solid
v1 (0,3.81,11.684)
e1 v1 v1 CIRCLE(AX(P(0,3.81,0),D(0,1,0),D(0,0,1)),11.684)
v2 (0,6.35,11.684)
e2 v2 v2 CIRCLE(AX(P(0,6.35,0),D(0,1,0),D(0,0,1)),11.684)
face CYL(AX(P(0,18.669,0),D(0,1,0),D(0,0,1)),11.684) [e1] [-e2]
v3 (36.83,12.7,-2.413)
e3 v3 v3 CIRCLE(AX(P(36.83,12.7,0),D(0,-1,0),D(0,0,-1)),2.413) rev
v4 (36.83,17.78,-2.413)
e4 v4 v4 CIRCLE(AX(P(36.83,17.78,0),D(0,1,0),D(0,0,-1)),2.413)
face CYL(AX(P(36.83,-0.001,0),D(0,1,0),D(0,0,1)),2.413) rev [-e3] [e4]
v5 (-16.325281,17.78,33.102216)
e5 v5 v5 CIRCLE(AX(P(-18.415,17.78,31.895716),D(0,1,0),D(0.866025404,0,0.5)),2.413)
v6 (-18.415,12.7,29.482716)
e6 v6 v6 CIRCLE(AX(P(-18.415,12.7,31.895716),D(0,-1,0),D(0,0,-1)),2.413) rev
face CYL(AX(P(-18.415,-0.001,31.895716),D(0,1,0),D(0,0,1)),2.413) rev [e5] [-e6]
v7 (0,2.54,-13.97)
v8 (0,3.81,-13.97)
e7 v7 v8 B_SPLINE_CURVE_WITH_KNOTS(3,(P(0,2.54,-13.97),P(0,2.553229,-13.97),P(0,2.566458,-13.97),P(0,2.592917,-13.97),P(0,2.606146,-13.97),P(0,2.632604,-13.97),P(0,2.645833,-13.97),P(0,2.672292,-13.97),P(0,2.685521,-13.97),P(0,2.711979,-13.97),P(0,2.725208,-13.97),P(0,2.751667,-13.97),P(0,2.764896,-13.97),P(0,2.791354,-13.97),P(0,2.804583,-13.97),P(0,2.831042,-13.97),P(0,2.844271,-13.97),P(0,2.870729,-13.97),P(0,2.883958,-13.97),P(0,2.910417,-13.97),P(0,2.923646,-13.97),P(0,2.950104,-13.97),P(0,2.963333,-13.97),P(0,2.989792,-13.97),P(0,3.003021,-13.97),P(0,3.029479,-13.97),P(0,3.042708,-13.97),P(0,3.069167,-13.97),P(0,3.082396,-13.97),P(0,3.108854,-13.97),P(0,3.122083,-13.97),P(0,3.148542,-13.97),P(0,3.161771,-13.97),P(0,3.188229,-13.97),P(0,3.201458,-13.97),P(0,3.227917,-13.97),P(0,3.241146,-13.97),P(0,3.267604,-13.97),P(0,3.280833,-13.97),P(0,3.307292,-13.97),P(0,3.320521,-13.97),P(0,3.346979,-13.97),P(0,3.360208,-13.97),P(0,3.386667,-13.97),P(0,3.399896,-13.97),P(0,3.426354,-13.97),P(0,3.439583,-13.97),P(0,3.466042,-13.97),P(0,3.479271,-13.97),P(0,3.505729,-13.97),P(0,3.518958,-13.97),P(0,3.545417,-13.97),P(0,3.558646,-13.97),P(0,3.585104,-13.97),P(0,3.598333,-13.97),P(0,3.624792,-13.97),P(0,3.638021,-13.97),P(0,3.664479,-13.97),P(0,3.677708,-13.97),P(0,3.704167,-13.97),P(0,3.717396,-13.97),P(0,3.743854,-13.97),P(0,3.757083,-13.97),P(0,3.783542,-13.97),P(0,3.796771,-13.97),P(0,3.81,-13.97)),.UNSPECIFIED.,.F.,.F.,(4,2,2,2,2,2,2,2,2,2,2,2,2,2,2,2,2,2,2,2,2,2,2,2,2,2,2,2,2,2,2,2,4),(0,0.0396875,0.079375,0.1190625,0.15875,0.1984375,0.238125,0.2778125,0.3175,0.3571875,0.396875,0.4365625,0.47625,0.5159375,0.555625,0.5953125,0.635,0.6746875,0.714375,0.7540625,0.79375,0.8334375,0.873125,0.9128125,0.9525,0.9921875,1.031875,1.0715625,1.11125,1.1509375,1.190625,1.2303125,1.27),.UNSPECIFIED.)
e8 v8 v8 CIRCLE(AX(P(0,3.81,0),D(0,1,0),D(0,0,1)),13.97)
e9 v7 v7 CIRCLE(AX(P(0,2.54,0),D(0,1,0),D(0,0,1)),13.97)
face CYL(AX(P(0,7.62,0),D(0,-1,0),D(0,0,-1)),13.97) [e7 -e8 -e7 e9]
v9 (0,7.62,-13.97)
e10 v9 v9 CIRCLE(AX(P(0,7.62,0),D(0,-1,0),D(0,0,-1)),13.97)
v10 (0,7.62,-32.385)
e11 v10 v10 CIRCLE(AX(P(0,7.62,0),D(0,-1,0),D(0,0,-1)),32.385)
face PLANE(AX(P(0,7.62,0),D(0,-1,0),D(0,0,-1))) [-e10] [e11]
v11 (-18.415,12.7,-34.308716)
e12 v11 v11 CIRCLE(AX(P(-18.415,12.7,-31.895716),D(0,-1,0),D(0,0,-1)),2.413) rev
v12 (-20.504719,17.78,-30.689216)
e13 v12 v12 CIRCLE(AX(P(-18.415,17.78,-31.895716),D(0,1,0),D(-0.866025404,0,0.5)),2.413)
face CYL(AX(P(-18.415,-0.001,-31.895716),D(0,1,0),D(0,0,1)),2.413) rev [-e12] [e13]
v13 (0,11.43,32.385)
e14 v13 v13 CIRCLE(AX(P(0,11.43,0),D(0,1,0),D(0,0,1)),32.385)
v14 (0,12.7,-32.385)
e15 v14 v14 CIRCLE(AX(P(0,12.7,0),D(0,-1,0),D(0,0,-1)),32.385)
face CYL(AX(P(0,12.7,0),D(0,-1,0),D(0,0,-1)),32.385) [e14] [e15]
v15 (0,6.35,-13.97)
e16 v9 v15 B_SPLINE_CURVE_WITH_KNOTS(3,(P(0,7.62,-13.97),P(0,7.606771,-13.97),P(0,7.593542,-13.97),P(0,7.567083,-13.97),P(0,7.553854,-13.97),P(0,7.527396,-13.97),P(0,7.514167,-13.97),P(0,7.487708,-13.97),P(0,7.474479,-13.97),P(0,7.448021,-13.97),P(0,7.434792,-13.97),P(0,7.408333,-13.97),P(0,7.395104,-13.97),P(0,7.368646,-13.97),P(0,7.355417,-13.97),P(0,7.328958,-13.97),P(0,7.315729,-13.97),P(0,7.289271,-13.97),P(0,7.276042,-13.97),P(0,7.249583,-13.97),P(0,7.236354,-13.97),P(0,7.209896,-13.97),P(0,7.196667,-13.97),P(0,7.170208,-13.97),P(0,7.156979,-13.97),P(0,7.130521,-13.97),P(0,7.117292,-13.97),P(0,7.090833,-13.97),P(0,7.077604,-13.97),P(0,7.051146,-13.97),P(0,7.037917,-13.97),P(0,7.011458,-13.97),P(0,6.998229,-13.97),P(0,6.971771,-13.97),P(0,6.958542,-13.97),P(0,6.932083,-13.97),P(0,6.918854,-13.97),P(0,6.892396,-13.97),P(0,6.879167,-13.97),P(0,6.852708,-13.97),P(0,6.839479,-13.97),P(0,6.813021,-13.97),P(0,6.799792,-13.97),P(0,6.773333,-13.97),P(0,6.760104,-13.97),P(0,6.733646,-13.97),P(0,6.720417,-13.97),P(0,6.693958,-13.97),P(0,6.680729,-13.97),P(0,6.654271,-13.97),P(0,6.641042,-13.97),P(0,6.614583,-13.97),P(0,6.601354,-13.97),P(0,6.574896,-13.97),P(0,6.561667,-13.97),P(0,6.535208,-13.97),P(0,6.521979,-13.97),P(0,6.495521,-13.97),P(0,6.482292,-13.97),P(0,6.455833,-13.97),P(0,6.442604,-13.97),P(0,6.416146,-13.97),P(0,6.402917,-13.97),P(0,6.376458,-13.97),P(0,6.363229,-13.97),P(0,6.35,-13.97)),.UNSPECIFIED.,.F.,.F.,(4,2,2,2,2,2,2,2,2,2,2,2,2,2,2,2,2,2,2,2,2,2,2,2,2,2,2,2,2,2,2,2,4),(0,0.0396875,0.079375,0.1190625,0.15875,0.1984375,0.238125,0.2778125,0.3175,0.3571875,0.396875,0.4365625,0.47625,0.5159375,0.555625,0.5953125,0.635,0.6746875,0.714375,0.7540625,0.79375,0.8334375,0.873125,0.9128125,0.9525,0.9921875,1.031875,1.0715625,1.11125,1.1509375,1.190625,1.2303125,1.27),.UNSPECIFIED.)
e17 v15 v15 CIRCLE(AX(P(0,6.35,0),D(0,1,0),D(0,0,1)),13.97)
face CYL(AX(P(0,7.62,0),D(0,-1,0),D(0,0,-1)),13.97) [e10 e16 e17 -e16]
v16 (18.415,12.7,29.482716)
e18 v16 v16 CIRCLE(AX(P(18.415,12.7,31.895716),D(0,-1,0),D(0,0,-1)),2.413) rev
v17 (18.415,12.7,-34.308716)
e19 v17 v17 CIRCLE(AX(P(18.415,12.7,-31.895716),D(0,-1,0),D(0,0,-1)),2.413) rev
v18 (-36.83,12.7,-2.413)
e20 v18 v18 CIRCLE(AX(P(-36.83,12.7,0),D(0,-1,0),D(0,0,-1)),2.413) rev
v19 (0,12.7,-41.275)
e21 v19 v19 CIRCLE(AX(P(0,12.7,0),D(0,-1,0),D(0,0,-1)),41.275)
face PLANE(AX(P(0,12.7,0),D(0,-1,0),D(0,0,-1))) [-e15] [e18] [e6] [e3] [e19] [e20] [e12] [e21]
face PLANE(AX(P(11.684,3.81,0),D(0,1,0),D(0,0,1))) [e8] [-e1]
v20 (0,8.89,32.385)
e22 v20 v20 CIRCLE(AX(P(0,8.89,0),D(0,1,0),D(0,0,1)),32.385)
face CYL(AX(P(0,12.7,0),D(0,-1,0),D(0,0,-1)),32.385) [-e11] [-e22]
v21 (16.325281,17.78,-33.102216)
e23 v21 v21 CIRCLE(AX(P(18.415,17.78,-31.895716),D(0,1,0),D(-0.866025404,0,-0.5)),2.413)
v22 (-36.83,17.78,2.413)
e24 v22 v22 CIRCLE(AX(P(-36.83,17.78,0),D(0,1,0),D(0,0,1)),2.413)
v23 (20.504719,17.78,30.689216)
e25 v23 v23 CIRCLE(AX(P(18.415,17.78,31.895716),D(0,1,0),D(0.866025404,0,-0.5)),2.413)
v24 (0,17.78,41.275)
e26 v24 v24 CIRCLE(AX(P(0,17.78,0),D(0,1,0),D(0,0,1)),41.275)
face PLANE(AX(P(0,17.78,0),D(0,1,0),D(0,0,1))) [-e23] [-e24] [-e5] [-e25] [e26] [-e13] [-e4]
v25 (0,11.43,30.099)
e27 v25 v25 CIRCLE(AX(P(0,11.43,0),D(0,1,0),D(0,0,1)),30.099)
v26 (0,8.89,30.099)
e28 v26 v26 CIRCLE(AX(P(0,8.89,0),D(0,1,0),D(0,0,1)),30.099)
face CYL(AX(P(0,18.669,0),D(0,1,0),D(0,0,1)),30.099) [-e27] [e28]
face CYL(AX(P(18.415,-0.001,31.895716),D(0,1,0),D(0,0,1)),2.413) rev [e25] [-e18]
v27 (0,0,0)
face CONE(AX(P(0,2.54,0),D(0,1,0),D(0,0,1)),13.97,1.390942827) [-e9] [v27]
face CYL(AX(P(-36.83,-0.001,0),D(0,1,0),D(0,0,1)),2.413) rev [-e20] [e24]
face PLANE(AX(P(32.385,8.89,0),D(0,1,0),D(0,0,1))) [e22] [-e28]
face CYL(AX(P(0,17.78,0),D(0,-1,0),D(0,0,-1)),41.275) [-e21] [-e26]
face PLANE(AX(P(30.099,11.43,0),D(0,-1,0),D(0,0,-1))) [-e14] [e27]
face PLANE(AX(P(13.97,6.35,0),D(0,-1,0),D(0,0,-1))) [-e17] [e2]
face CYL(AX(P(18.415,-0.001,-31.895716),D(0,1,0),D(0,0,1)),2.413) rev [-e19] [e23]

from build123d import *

# Parameters (mm, degrees)
SKETCH1_R            = 41.275
BODY_DEPTH           = 17.78
SKETCH2_R            = 41.275
SKETCH2_R_2          = 32.385
BOTTOM_INITIAL_DEPTH = 12.7
SKETCH3_R            = 32.385
SKETCH3_R_2          = 13.97
BOTTOM_STEM_DEPTH    = 7.62
SKETCH4_W            = 2.286
SKETCH4_H            = 2.54
SKETCH5_W            = 2.286
SKETCH5_H            = 2.54
CHAMFER1_SIZE        = 2.54
CHAMFER1_SIZE2       = 13.97
CUT_EXTRUDE3_REACH   = 63.02
SKETCH9_R            = 2.413
CIRPATTERN1_COUNT    = 6


with BuildPart() as part:
    # Sketch1 → Body (new body)
    with BuildSketch(Plane(origin=(0, 0, 0), x_dir=(1, 0, 0), z_dir=(0, 1, 0))):
        with Locations(Location((0, 0, 0), (0, 0, 270))):
            Circle(SKETCH1_R)
    extrude(amount=BODY_DEPTH)

    # Sketch2 → Bottom Initial (cut)
    with BuildSketch(Plane.XZ):
        with Locations(Location((0, 0, 0), (0, 0, 270))):
            Circle(SKETCH2_R)
        with Locations(Location((0, 0, 0), (0, 0, 270))):
            Circle(SKETCH2_R_2, mode=Mode.SUBTRACT)
    extrude(amount=-BOTTOM_INITIAL_DEPTH, mode=Mode.SUBTRACT)

    # Sketch3 → Bottom Stem (cut)
    with BuildSketch(Plane.XZ):
        with Locations(Location((0, 0, 0), (0, 0, 270))):
            Circle(SKETCH3_R)
        with Locations(Location((0, 0, 0), (0, 0, 270))):
            Circle(SKETCH3_R_2, mode=Mode.SUBTRACT)
    extrude(amount=-BOTTOM_STEM_DEPTH, mode=Mode.SUBTRACT)

    # Sketch4 → Top O ring (revolve, cut)
    with BuildSketch(Plane.XY, mode=Mode.PRIVATE) as top_o_ring_sk:
        with Locations((31.242, 10.16)):
            Rectangle(SKETCH4_W, SKETCH4_H)
    revolve(top_o_ring_sk.sketch.rotate(Axis((0, 18.669, 0), (0, -1, 0)), 270), axis=Axis((0, 18.669, 0), (0, -1, 0)), mode=Mode.SUBTRACT)

    # Sketch5 → Bottom O ring (revolve, cut)
    with BuildSketch(Plane.XY, mode=Mode.PRIVATE) as bottom_o_ring_sk:
        with Locations((12.827, 5.08)):
            Rectangle(SKETCH5_W, SKETCH5_H)
    revolve(bottom_o_ring_sk.sketch.rotate(Axis((0, 18.669, 0), (0, -1, 0)), 270), axis=Axis((0, 18.669, 0), (0, -1, 0)), mode=Mode.SUBTRACT)

    # Chamfer1
    chamfer1_edges = [part.edges().sort_by_distance(p)[0] for p in [
        (0, 0, 13.97),
    ]]
    chamfer1_side = [part.faces().sort_by_distance(p)[0] for p in [
        (0, 1.905, 13.97),
    ]]
    chamfer(chamfer1_edges, length=CHAMFER1_SIZE, length2=CHAMFER1_SIZE2, reference=chamfer1_side[0])

    # Sketch9 → Cut-Extrude3 (cut, up to next)
    with BuildSketch(Plane(origin=(0, 17.78, 0), x_dir=(1, 0, 0), z_dir=(0, 1, 0)), mode=Mode.PRIVATE) as cut_extrude3_sk1:
        with Locations(Location((-36.83, 0, 0), (0, 0, 270))):
            Circle(SKETCH9_R)
    cut_extrude3_tool1 = extrude(cut_extrude3_sk1.sketch, amount=-CUT_EXTRUDE3_REACH, mode=Mode.PRIVATE) & part.part
    cut_extrude3 = cut_extrude3_tool1.solids().sort_by_distance((-36.83, 17.78, 0))[0]
    add(cut_extrude3, mode=Mode.SUBTRACT)

    # CirPattern1: Cut-Extrude3 ×6 about axis
    cirpattern1_axis = Axis((0, 0, 0), (0, 1, 0))
    for i in range(1, CIRPATTERN1_COUNT):
        add(cut_extrude3.rotate(cirpattern1_axis, i * 360 / CIRPATTERN1_COUNT), mode=Mode.SUBTRACT)


solid = part.part
